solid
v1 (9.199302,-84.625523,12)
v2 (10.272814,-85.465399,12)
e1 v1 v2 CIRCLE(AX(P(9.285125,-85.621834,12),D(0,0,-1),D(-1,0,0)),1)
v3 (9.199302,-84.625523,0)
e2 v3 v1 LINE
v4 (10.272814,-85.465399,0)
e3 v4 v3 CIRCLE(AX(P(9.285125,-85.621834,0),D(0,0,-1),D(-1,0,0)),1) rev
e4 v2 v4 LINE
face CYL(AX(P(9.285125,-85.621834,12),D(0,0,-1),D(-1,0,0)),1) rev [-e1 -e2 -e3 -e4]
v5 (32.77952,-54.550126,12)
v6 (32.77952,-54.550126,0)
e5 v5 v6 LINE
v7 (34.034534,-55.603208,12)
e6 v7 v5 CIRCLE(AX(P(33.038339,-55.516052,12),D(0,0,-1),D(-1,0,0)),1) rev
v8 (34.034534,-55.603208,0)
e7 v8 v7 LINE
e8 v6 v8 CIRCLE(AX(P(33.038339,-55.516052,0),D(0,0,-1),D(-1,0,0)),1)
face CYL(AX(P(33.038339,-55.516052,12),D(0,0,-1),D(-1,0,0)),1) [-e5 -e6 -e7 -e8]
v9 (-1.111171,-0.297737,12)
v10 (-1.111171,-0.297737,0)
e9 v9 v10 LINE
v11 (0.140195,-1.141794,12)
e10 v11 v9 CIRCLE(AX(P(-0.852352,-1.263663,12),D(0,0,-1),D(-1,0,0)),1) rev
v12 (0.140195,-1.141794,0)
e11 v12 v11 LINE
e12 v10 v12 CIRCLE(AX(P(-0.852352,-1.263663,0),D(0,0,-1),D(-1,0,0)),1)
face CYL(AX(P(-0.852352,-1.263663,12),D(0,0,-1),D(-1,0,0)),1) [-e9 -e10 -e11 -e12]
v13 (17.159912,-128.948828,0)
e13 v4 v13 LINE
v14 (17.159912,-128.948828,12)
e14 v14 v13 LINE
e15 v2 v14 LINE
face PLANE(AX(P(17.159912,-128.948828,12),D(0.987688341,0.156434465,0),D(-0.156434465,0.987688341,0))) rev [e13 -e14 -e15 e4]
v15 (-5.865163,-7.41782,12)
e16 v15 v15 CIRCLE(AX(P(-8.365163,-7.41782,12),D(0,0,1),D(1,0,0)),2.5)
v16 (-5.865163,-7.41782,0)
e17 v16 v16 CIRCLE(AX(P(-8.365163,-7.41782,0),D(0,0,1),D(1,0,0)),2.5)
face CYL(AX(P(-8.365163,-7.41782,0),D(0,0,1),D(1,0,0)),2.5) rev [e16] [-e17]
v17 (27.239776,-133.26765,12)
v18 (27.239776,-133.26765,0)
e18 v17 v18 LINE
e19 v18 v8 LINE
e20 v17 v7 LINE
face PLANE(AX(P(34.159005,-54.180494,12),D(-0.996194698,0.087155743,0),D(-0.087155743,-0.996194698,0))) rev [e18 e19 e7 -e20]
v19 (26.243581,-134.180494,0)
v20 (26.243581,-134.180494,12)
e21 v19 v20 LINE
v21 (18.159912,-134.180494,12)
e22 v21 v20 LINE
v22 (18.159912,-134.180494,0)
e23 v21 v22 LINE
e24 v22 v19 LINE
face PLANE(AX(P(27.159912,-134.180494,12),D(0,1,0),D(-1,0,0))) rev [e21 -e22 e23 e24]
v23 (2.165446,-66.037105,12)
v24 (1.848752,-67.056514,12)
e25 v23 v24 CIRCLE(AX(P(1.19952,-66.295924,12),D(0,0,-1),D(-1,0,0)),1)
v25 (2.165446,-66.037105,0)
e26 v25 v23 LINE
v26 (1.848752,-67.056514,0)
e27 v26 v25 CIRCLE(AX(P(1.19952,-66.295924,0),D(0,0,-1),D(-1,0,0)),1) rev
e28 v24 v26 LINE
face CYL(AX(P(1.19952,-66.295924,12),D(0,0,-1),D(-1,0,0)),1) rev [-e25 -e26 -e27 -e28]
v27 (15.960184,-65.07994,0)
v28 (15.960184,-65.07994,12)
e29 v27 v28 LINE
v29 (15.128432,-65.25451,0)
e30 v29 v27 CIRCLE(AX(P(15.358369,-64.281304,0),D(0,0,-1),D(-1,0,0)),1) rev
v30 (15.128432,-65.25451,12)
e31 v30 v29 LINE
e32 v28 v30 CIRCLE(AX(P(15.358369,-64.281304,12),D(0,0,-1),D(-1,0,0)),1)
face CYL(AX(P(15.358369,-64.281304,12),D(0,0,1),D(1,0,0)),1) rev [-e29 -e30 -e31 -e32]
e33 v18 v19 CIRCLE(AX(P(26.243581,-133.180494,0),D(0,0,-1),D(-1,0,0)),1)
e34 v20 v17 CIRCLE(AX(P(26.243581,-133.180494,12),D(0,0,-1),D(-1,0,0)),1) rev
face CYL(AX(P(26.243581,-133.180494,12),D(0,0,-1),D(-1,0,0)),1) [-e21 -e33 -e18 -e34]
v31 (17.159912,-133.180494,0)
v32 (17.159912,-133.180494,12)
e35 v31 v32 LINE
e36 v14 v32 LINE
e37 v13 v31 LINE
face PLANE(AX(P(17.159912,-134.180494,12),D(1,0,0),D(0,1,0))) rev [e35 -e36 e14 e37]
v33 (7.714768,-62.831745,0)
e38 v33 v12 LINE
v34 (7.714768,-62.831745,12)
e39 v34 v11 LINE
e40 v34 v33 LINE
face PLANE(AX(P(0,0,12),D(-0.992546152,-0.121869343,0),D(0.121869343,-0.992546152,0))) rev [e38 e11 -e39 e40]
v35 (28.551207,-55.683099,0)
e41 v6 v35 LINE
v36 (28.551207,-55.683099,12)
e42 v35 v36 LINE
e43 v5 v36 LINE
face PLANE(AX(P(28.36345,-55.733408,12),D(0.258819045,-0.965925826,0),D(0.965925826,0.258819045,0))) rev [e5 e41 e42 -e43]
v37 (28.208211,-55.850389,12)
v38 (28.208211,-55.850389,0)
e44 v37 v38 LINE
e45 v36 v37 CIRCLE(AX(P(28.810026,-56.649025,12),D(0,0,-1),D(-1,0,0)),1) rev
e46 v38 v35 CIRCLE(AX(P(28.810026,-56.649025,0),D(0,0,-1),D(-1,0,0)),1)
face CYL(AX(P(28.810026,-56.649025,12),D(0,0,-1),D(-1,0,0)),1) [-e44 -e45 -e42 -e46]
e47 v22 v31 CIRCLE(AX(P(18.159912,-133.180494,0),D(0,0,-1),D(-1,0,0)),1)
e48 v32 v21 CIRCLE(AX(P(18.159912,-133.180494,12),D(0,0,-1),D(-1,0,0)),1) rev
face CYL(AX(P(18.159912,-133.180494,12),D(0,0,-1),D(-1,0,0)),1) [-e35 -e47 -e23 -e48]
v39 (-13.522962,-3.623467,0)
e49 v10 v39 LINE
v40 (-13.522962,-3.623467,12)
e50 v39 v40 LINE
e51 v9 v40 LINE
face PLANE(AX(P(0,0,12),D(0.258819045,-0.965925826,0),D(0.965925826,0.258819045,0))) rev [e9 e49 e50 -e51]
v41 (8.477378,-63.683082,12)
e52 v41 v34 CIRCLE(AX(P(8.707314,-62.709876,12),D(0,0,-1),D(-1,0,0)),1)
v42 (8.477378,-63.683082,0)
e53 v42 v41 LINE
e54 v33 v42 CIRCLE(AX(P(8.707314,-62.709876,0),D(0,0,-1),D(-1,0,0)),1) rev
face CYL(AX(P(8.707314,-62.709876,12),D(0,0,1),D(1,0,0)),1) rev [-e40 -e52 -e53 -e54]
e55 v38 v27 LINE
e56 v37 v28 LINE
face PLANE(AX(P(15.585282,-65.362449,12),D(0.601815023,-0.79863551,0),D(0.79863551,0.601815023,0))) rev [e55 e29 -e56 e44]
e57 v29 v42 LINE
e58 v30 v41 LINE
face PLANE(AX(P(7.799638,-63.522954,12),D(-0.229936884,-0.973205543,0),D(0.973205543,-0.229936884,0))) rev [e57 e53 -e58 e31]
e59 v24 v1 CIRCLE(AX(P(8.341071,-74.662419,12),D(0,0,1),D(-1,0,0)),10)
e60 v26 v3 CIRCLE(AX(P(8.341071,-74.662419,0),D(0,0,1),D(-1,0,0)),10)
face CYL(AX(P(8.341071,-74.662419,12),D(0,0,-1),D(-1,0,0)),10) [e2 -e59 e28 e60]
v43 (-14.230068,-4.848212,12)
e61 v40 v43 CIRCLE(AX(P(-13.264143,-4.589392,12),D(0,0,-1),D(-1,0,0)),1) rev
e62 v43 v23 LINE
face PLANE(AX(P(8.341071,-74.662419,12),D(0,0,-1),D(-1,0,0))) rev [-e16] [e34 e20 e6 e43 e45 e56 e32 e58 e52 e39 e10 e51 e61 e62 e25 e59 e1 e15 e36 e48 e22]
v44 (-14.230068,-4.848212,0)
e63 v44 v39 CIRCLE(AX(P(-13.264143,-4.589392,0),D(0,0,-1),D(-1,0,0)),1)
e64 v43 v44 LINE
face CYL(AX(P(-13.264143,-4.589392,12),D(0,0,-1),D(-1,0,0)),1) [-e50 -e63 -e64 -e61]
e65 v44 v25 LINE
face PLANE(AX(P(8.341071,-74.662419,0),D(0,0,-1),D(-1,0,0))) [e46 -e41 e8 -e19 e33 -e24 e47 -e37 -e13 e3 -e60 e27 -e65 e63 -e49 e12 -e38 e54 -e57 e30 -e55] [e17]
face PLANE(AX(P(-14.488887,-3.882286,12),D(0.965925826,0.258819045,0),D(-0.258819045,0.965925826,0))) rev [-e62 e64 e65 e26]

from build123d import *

# Parameters (mm, degrees)
BOSS_EXTRUDE1_DEPTH = 12
SKETCH2_R           = 2.5
CUT_EXTRUDE1_DEPTH  = 139.979288596
FILLET1_R           = 1


with BuildPart() as part:
    # Sketch1 → Boss-Extrude1 (new body)
    with BuildSketch(Plane.XY):
        with BuildLine():
            Line((0, 0), (-14.488887394, -3.882285677))
            Line((-14.488887394, -3.882285677), (2.334350537, -66.667464385))
            ThreePointArc((2.334350537, -66.667464385), (-0.8237016, -78.663286709), (10.120361434, -84.502852689))
            Line((10.120361434, -84.502852689), (17.159912361, -128.948828016))
            Line((17.159912361, -128.948828016), (17.159912361, -134.180494133))
            Line((17.159912361, -134.180494133), (27.159912361, -134.180494133))
            Line((27.159912361, -134.180494133), (34.159005443, -54.180494133))
            Line((34.159005443, -54.180494133), (28.363450485, -55.733408403))
            Line((28.363450485, -55.733408403), (15.585282325, -65.362448774))
            Line((15.585282325, -65.362448774), (7.799637978, -63.522953705))
            Line((7.799637978, -63.522953705), (0, 0))
        make_face()
    extrude(amount=BOSS_EXTRUDE1_DEPTH)

    # Sketch2 → Cut-Extrude1 (cut, through all)
    with BuildSketch(Plane.XY.offset(12)):
        with Locations((-8.365163037, -7.417819582)):
            Circle(SKETCH2_R)
    extrude(amount=-CUT_EXTRUDE1_DEPTH, mode=Mode.SUBTRACT)

    # Fillet1
    fillet1_edges = [part.edges().sort_by_distance(p)[0] for p in [
        (7.799637978, -63.522953705, 6),
        (15.585282325, -65.362448774, 6),
        (28.363450485, -55.733408403, 6),
        (34.159005443, -54.180494133, 6),
        (27.159912361, -134.180494133, 6),
        (17.159912361, -134.180494133, 6),
        (10.120361434, -84.502852689, 6),
        (2.334350537, -66.667464385, 6),
        (-14.488887394, -3.882285677, 6),
        (0, 0, 6),
    ]]
    fillet(fillet1_edges, radius=FILLET1_R)


solid = part.part
